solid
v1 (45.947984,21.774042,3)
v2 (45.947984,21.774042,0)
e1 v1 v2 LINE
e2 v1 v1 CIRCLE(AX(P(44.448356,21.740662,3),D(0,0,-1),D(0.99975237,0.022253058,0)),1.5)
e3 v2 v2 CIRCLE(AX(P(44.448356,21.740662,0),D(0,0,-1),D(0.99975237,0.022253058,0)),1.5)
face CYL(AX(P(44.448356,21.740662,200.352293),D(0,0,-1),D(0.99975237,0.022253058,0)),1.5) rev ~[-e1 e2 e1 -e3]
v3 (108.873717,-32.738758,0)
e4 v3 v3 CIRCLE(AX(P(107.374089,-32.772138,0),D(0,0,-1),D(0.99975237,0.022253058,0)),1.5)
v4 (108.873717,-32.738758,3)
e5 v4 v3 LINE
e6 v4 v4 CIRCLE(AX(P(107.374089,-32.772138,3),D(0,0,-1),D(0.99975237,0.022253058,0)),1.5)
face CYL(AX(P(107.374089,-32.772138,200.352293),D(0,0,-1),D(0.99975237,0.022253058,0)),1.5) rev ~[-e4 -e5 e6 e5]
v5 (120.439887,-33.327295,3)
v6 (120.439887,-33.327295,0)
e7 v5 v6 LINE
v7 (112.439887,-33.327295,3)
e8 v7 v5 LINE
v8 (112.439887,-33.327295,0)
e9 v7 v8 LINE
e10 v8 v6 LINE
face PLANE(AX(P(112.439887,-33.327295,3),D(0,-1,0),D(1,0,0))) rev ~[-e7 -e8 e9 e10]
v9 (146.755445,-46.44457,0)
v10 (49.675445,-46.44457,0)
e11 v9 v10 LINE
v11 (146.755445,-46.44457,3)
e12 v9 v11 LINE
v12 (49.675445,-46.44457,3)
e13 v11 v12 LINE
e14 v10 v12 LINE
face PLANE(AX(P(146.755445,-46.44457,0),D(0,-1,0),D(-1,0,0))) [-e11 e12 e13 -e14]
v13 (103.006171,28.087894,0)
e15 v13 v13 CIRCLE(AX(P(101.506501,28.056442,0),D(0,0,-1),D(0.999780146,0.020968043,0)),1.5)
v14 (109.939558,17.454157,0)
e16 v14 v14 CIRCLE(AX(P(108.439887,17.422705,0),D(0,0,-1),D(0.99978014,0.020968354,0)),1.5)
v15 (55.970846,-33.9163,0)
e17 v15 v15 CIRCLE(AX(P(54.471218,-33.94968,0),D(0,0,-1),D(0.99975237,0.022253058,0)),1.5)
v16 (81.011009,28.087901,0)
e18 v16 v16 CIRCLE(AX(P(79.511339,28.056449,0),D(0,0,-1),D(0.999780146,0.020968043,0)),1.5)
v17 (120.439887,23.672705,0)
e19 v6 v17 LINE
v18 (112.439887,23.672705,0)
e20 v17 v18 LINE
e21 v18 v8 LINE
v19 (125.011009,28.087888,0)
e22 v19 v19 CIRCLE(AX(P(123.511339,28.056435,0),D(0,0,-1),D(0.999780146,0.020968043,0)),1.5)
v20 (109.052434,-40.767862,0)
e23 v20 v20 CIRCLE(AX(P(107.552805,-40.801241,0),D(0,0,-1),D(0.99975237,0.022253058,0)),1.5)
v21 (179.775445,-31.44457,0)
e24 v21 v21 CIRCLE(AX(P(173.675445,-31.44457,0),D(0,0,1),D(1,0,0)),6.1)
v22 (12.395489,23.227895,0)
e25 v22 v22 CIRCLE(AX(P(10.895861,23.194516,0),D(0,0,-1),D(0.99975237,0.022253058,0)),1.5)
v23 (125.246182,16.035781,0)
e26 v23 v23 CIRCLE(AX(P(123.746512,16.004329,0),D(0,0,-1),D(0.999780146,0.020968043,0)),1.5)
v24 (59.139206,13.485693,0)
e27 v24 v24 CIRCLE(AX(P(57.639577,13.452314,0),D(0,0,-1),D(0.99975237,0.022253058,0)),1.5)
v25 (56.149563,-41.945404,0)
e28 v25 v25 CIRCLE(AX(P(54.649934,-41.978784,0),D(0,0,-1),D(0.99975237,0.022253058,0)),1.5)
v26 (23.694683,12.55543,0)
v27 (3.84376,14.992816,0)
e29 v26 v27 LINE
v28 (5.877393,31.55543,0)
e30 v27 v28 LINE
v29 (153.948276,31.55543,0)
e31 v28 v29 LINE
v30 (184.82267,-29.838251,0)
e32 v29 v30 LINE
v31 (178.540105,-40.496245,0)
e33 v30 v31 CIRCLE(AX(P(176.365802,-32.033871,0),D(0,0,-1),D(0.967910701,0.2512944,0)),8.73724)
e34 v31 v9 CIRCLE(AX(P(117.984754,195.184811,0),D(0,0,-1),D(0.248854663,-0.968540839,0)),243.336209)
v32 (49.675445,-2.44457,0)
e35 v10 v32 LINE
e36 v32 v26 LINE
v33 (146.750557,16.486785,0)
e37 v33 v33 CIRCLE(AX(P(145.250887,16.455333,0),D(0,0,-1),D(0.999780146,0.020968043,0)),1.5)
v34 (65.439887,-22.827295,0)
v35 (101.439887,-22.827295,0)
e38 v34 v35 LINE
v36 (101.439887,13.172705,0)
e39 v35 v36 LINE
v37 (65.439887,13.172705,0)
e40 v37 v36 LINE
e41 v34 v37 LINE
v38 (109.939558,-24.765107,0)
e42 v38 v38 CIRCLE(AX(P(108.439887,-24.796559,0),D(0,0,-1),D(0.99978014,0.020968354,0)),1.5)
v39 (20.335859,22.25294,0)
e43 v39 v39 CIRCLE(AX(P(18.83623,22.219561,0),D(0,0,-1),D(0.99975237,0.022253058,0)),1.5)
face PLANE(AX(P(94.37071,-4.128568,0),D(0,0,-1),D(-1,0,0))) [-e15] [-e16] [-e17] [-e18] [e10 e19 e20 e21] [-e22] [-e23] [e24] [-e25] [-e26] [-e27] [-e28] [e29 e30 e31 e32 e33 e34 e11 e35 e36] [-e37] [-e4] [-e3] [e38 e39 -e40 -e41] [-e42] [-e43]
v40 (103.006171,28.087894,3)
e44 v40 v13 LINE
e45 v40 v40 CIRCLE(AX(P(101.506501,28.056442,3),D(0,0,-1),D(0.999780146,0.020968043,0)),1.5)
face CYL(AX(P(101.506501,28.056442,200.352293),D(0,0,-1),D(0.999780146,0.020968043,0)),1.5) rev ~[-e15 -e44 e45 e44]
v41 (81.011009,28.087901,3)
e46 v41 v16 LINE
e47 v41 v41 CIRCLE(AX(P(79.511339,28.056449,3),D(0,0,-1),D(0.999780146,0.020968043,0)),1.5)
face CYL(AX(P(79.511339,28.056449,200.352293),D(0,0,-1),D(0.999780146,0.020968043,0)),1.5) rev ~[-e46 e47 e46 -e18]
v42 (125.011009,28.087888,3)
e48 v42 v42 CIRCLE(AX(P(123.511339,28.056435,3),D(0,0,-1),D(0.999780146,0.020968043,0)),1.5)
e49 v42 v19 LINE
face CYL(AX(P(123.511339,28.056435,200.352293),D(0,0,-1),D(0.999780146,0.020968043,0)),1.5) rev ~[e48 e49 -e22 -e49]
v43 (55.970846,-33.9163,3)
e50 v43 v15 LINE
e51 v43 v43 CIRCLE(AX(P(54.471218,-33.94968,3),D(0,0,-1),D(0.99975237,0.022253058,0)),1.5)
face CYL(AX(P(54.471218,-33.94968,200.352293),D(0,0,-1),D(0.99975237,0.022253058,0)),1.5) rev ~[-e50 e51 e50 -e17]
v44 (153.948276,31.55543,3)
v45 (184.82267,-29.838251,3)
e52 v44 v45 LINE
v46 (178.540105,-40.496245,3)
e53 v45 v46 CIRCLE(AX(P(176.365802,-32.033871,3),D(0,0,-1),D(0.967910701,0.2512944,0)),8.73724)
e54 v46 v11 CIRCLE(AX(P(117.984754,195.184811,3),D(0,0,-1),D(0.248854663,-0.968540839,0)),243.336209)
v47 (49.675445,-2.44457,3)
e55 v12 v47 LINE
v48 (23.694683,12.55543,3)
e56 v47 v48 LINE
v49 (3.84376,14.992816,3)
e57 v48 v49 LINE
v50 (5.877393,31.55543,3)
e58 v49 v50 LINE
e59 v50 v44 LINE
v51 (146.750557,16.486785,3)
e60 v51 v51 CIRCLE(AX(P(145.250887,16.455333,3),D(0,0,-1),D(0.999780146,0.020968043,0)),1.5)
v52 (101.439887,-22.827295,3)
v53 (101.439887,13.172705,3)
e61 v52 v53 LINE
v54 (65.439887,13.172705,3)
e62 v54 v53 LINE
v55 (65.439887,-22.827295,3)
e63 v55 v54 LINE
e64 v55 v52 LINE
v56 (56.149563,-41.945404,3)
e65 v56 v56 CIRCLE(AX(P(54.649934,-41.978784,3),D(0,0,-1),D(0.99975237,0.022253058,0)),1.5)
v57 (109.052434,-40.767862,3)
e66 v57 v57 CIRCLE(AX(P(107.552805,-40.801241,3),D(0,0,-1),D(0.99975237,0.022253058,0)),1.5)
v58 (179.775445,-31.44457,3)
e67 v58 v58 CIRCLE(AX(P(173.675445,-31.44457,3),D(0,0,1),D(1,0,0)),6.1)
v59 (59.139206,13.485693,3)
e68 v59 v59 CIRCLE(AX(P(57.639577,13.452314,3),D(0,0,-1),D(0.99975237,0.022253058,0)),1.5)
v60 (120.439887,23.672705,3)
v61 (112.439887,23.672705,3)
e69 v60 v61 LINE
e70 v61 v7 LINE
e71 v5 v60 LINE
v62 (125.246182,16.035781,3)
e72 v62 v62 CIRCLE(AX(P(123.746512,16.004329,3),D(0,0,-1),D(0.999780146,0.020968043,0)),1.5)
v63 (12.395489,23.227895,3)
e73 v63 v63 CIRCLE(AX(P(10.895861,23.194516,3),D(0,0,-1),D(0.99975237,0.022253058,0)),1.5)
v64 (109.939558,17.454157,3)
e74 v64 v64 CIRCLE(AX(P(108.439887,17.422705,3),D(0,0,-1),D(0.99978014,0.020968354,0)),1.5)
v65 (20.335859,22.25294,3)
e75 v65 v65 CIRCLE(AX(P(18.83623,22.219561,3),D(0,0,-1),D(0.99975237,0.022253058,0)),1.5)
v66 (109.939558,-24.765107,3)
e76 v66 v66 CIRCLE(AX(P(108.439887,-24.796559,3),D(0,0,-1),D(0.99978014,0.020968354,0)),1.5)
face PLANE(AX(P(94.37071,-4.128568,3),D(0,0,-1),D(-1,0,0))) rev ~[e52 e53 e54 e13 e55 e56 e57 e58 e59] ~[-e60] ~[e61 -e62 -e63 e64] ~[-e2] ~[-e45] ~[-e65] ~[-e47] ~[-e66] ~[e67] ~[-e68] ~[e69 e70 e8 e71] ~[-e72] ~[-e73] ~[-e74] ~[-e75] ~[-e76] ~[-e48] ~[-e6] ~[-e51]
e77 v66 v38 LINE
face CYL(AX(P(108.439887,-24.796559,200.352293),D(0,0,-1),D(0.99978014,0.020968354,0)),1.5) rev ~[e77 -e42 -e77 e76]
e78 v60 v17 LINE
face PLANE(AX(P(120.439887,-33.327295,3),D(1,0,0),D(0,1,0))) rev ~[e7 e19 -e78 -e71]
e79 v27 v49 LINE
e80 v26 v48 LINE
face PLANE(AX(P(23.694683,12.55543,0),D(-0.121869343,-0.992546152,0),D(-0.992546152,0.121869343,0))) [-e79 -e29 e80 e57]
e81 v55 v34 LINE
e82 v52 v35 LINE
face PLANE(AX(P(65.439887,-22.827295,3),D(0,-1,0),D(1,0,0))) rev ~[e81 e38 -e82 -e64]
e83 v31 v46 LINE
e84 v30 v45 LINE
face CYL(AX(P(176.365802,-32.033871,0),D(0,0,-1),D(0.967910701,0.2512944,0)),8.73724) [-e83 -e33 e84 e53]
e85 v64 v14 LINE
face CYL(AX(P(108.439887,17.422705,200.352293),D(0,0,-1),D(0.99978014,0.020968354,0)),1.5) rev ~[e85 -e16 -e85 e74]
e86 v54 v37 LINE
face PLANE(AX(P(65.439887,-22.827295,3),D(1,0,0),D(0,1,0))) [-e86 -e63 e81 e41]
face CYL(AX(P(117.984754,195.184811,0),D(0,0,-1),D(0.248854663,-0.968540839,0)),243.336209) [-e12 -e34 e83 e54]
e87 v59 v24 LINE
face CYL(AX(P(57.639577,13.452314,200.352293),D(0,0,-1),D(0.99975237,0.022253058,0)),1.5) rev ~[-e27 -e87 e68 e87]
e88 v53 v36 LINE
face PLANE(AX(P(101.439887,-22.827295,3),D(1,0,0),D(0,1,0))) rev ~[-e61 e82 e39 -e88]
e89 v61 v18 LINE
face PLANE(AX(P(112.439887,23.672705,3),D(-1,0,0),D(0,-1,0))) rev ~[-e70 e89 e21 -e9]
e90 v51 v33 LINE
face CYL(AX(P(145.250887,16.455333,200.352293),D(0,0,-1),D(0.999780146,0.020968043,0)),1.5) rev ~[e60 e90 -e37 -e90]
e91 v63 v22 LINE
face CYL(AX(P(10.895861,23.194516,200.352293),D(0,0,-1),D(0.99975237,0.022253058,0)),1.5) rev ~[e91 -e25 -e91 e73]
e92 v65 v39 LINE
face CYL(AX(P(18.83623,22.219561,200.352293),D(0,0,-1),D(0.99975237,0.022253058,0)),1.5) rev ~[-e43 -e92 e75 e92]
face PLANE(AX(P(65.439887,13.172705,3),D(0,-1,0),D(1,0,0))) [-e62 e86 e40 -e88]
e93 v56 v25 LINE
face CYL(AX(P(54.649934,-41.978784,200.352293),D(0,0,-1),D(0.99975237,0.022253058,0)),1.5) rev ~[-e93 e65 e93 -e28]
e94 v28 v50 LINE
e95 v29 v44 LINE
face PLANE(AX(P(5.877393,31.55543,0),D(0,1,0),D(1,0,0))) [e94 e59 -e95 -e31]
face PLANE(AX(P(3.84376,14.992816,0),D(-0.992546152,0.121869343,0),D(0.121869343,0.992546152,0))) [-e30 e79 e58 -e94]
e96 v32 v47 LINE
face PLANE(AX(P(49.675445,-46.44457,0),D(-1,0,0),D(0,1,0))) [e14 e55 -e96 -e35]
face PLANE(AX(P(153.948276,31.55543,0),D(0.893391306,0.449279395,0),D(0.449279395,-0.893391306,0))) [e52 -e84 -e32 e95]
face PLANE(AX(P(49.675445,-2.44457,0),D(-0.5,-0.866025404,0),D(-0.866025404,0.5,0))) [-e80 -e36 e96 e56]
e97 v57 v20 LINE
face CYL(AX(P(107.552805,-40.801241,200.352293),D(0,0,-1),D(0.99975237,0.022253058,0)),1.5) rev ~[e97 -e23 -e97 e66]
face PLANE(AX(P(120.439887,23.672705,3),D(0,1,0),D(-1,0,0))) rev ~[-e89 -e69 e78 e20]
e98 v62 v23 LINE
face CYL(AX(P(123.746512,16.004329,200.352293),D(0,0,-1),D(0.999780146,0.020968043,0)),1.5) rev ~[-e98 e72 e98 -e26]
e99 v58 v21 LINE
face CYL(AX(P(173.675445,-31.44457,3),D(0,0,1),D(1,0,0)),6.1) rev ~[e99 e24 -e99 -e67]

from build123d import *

# Parameters (mm, degrees)
EXTRUDE_1_DEPTH     = 3
CUT_EXTRUDE_1_REACH = 5
SKETCH_2_R          = 6.1
SKETCH_2_W          = 36
SKETCH_2_H          = 36
MM_CLEARANCE_1_D    = 3
MM_CLEARANCE_4_D    = 3
MM_PRESS_1_D        = 3
MM_PRESS_2_D        = 3
MM_PRESS_4_D        = 3


with BuildPart() as part:
    # 草图1 → 凸台-拉伸1 (new body)
    with BuildSketch(Plane.XY):
        with BuildLine():
            Line((30.58739299, 31.55542954), (153.948275504, 31.55542954))
            Line((153.948275504, 31.55542954), (184.822670137, -29.838251263))
            ThreePointArc((184.822670137, -29.838251263), (183.892664178, -36.470729041), (178.540104648, -40.496245038))
            ThreePointArc((178.540104648, -40.496245038), (162.746691749, -43.998966844), (146.755444956, -46.44457046))
            Line((146.755444956, -46.44457046), (49.675444956, -46.44457046))
            Line((49.675444956, -46.44457046), (49.675444956, -2.44457046))
            Line((49.675444956, -2.44457046), (23.694682842, 12.55542954))
            Line((23.694682842, 12.55542954), (3.843759809, 14.992816408))
            Line((3.843759809, 14.992816408), (5.87739299, 31.55542954))
            Line((5.87739299, 31.55542954), (30.58739299, 31.55542954))
        make_face()
    extrude(amount=EXTRUDE_1_DEPTH)

    # 草图2 → 切除-拉伸1 (cut, up to next)
    with BuildSketch(Plane.XY.offset(3), mode=Mode.PRIVATE) as cut_extrude_1_sk1:
        with Locations((173.675444956, -31.44457046)):
            Circle(SKETCH_2_R)
    cut_extrude_1_tool1 = extrude(cut_extrude_1_sk1.sketch, amount=-CUT_EXTRUDE_1_REACH, mode=Mode.PRIVATE) & part.part
    add(cut_extrude_1_tool1.solids().sort_by_distance((173.675445, -31.44457, 3))[0], mode=Mode.SUBTRACT)
    # 草图2 → 切除-拉伸1 (cut, up to next)
    with BuildSketch(Plane.XY.offset(3), mode=Mode.PRIVATE) as cut_extrude_1_sk2:
        with Locations((83.439887491, -4.827295438)):
            Rectangle(SKETCH_2_W, SKETCH_2_H)
    cut_extrude_1_tool2 = extrude(cut_extrude_1_sk2.sketch, amount=-CUT_EXTRUDE_1_REACH, mode=Mode.PRIVATE) & part.part
    add(cut_extrude_1_tool2.solids().sort_by_distance((83.439887, -4.827295, 3))[0], mode=Mode.SUBTRACT)
    # 草图2 → 切除-拉伸1 (cut, up to next)
    with BuildSketch(Plane.XY.offset(3), mode=Mode.PRIVATE) as cut_extrude_1_sk3:
        Polygon((112.439887491, -4.827295438), (112.439887491, -33.327295438), (120.439887491, -33.327295438), (120.439887491, 23.672704562), (112.439887491, 23.672704562), align=None)
    cut_extrude_1_tool3 = extrude(cut_extrude_1_sk3.sketch, amount=-CUT_EXTRUDE_1_REACH, mode=Mode.PRIVATE) & part.part
    add(cut_extrude_1_tool3.solids().sort_by_distance((116.439887, -4.827295, 3))[0], mode=Mode.SUBTRACT)

    # 大小mm Clearance 暗销孔1 (through all)
    with Locations(Plane(origin=(141.510624827, 151.85923203, 3), x_dir=(-0.999780146, -0.020968043, 0), z_dir=(0, 0, 1))):
        with Locations((20.591231353, 123.39816829), (42.591231353, 122.936763059), (64.581557509, 122.475560716)):
            Hole(MM_CLEARANCE_1_D / 2)

    # 大小mm Clearance 暗销孔4 (through all)
    with Locations(Plane(origin=(141.510624827, 151.85923203, 3), x_dir=(-0.999780146, -0.020968043, 0), z_dir=(0, 0, 1))):
        with Locations((20.608818994, 135.452556109), (-0.900285243, 135.452556109)):
            Hole(MM_CLEARANCE_4_D / 2)

    # 大小mm Press 暗销孔1 (through all)
    with Locations(Plane(origin=(141.673702765, 151.858231724, 3), x_dir=(-0.99978014, -0.020968354, 0), z_dir=(0, 0, 1))):
        with Locations((36.045400202, 133.709111751), (36.930668673, 175.919093371)):
            Hole(MM_PRESS_1_D / 2)

    # 大小mm Press 暗销孔2 (through all)
    with Locations(Plane(origin=(143.54728393, 150.625368255, 3), x_dir=(-0.99975237, -0.022253058, 0), z_dir=(0, 0, 1))):
        with Locations((88.938953066, 135.227377046), (101.942467158, 126.647536361), (127.53759353, 125.598807912), (135.454300746, 124.4473971)):
            Hole(MM_PRESS_2_D / 2)

    # 大小mm Press 暗销孔4 (through all)
    with Locations(Plane(origin=(143.54728393, 150.625368255, 3), x_dir=(-0.99975237, -0.022253058, 0), z_dir=(0, 0, 1))):
        with Locations((93.161367469, 190.578219389), (93.161367469, 182.547127137), (40.245392963, 190.578219389), (40.245392963, 182.547127137)):
            Hole(MM_PRESS_4_D / 2)


solid = part.part
